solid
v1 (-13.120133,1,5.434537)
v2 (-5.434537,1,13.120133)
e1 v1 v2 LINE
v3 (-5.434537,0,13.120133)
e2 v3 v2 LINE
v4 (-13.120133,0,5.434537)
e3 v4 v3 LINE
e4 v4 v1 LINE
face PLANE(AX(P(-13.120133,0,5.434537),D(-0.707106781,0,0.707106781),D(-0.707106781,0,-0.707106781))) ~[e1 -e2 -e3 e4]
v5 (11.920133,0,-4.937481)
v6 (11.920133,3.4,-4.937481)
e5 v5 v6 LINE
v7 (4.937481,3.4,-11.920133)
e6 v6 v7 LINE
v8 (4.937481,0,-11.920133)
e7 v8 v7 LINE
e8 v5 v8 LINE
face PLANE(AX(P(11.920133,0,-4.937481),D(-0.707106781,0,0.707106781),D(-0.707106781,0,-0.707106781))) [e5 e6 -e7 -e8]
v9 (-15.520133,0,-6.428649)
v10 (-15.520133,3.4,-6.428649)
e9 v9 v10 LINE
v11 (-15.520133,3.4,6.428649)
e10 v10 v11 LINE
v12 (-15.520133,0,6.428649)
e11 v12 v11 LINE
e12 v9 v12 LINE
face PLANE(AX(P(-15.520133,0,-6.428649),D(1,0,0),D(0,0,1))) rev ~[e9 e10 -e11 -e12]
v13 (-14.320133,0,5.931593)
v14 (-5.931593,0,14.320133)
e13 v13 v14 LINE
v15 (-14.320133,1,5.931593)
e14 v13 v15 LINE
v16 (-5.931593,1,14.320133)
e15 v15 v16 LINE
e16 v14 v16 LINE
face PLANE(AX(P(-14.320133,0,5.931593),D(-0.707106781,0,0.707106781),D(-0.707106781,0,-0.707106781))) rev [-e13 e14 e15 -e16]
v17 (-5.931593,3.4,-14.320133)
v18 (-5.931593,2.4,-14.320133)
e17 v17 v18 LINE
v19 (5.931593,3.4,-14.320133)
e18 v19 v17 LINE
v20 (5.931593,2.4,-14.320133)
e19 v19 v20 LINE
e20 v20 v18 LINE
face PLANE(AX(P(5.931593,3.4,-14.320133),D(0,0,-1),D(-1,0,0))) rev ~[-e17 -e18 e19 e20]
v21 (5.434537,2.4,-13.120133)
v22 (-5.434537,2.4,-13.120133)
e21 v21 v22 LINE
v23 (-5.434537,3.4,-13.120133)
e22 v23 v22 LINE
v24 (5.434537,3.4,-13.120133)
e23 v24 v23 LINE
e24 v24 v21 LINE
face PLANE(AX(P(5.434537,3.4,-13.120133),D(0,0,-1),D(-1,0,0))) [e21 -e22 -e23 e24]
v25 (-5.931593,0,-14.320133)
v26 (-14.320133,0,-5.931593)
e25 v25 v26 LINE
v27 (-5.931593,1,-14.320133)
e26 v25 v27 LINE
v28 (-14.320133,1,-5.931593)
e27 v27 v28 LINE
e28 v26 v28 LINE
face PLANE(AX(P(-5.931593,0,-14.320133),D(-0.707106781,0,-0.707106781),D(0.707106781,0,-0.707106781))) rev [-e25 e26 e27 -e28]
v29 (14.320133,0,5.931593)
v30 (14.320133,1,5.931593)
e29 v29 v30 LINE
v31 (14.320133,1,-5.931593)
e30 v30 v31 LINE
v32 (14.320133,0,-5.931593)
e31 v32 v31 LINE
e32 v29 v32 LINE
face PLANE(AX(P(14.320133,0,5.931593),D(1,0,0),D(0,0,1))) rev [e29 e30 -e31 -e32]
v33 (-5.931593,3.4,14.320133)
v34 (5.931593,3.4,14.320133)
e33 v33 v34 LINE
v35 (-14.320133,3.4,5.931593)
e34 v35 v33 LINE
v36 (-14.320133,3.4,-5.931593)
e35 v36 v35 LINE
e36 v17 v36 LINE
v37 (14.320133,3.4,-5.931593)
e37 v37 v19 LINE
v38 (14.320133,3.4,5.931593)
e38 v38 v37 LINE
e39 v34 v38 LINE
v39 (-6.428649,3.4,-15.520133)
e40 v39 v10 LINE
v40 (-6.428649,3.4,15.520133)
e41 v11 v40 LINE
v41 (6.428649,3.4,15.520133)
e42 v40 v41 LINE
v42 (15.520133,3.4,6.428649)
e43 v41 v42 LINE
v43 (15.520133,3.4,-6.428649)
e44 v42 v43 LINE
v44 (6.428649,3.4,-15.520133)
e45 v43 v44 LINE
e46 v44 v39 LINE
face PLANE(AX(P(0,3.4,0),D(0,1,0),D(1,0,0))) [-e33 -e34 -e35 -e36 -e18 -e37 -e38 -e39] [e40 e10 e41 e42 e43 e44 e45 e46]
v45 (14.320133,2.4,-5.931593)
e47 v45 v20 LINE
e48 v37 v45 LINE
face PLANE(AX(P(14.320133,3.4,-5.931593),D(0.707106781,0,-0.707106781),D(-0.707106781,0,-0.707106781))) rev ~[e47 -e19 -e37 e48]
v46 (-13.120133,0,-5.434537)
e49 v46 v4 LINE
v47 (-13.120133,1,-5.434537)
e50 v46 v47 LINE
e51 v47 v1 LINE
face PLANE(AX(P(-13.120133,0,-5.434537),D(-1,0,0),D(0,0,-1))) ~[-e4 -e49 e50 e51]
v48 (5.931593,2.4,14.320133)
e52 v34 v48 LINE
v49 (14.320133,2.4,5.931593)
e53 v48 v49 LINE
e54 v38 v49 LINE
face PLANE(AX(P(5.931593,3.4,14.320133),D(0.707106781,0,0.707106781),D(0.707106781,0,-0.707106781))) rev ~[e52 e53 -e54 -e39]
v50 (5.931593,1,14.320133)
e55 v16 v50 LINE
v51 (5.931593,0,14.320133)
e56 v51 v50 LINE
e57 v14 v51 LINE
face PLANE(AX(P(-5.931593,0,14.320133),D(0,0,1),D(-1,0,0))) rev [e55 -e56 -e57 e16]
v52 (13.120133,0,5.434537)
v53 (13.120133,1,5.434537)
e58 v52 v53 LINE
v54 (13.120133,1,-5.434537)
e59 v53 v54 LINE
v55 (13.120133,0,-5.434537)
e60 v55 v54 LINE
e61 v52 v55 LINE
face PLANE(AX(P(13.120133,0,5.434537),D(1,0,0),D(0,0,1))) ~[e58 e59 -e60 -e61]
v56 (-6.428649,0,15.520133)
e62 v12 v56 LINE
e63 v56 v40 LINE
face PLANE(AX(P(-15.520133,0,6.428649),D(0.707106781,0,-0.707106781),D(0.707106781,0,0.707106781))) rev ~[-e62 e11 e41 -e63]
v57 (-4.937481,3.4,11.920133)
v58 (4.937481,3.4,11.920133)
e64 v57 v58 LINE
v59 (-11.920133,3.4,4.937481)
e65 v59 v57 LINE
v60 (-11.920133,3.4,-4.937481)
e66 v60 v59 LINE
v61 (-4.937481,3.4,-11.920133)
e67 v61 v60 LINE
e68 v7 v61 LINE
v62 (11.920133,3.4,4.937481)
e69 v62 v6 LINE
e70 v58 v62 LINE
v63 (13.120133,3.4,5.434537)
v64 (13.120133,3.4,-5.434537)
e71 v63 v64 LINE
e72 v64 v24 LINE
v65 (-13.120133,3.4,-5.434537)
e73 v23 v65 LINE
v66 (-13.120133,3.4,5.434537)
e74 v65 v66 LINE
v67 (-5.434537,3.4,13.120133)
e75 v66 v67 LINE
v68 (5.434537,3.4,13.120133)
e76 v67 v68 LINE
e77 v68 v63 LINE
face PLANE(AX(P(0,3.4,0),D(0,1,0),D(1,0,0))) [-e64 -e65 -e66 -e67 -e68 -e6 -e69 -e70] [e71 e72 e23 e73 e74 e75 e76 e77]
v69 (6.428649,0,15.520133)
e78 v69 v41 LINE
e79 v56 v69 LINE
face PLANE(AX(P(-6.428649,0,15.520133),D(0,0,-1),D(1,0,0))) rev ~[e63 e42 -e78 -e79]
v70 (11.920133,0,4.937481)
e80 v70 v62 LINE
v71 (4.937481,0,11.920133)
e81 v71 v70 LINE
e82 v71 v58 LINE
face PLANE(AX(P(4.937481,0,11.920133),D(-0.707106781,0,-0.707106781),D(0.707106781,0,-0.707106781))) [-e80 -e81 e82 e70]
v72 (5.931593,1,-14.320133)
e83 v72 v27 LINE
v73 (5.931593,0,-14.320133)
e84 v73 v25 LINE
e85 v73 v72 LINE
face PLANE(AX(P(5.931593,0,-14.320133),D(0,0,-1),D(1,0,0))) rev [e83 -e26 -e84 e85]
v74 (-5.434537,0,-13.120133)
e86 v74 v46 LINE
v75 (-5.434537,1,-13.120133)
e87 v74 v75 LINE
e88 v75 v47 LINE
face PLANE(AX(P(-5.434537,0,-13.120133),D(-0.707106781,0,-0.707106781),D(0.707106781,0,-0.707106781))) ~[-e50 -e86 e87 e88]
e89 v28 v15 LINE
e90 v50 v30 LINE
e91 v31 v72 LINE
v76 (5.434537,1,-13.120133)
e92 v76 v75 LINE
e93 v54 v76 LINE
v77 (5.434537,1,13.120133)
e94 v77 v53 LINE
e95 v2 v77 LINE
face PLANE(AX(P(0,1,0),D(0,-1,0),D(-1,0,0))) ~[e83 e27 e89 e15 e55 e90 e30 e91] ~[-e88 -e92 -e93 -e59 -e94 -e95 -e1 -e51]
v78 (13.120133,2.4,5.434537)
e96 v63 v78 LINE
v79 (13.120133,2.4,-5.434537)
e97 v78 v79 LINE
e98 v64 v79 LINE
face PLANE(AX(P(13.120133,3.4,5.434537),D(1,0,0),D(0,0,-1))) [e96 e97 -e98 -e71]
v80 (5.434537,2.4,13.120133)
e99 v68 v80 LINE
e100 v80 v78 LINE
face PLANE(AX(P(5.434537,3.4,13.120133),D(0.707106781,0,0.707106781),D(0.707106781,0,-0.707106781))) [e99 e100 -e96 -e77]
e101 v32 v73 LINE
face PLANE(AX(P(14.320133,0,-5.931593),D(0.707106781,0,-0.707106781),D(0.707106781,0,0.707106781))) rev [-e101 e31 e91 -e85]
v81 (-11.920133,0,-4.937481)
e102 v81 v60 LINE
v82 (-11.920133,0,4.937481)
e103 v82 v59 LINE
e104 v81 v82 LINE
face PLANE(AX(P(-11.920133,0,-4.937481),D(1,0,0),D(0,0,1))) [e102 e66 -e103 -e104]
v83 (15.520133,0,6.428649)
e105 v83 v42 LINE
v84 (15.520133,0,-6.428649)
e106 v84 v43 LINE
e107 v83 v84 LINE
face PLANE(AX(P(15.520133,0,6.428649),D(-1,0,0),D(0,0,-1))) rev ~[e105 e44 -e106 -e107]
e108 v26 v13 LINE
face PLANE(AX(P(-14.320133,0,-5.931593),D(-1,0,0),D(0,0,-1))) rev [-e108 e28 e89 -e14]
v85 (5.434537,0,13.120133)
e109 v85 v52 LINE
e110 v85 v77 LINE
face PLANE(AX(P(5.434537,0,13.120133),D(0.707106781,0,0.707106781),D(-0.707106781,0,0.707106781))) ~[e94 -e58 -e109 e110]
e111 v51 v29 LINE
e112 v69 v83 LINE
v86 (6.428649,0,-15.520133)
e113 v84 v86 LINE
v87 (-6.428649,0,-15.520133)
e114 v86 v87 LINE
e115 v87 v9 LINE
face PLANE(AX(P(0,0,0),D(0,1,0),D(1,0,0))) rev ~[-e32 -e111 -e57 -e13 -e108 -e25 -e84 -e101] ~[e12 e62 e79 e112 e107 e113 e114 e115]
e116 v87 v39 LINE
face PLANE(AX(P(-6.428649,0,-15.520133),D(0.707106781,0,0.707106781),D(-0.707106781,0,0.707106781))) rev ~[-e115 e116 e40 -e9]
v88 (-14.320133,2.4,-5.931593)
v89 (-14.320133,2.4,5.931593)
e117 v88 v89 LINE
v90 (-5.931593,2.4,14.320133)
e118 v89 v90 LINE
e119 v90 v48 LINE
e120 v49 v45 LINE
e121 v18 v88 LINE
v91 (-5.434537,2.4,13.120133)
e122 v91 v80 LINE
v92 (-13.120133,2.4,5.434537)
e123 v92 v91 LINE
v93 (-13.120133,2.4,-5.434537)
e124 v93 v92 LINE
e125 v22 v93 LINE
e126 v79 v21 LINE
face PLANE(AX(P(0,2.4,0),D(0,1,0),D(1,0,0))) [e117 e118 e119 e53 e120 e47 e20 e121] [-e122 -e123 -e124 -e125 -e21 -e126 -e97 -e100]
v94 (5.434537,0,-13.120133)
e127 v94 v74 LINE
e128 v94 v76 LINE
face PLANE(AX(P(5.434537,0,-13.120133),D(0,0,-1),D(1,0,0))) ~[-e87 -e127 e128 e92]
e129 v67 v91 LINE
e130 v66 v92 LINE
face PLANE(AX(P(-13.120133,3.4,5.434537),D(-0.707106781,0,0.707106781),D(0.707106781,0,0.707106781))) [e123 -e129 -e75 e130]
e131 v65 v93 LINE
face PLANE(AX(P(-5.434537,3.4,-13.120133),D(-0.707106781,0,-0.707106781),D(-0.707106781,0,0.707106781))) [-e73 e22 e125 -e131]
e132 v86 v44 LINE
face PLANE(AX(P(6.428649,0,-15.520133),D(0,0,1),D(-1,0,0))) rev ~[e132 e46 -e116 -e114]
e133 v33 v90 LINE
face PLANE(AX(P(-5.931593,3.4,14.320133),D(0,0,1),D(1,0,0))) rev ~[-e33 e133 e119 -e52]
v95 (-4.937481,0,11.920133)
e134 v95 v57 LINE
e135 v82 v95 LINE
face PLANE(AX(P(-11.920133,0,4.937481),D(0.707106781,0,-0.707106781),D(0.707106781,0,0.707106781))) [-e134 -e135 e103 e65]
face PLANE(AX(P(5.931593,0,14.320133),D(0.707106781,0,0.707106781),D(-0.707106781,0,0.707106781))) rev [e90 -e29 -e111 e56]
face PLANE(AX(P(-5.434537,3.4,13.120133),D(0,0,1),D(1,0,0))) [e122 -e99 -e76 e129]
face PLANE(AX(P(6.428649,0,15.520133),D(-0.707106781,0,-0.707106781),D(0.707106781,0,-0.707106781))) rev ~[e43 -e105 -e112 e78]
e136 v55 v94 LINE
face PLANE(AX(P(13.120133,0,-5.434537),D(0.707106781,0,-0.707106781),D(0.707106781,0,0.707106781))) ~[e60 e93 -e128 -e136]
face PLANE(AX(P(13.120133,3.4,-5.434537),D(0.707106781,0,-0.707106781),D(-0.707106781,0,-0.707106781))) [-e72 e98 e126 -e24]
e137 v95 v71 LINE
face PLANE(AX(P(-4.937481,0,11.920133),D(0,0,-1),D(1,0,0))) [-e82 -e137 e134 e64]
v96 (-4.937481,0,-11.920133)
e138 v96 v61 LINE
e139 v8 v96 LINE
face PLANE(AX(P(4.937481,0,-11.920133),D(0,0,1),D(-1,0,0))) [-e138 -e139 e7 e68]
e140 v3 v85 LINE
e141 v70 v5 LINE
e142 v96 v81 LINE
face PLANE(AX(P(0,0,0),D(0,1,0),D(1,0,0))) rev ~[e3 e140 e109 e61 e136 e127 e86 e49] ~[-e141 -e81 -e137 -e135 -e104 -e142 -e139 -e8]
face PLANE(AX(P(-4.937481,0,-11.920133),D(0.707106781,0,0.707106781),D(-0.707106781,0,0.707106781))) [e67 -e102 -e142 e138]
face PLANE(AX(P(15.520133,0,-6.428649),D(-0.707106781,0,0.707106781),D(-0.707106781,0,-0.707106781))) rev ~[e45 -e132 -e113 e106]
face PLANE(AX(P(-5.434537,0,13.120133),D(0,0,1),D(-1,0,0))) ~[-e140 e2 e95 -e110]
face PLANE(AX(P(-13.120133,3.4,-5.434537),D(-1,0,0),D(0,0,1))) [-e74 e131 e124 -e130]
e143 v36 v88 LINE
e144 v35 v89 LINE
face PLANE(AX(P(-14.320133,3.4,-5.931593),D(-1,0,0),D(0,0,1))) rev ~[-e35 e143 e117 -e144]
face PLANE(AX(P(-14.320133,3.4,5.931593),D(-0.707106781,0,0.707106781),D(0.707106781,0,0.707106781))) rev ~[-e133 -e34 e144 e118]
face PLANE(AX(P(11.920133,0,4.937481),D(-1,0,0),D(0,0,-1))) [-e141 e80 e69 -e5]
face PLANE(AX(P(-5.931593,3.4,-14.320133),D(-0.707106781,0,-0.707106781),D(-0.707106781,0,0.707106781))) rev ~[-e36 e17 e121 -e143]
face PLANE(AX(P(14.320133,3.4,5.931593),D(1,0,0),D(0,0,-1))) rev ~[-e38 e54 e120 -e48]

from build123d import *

# Parameters (mm, degrees)
EXTRUDE_1_DEPTH     = 3.4
CUT_EXTRUDE_1_DEPTH = 1


with BuildPart() as part:
    # 스케치1 → 보스-돌출1 (new body)
    with BuildSketch(Plane(origin=(0, 0, 0), x_dir=(1, 0, 0), z_dir=(0, 1, 0))):
        Polygon((-15.520132754, -6.428649477), (-6.428649477, -15.520132754), (6.428649477, -15.520132754), (15.520132754, -6.428649477), (15.520132754, 6.428649477), (6.428649477, 15.520132754), (-6.428649477, 15.520132754), (-15.520132754, 6.428649477), align=None)
        Polygon((-5.931593202, -14.320132754), (5.931593202, -14.320132754), (14.320132754, -5.931593202), (14.320132754, 5.931593202), (5.931593202, 14.320132754), (-5.931593202, 14.320132754), (-14.320132754, 5.931593202), (-14.320132754, -5.931593202), align=None, mode=Mode.SUBTRACT)
        Polygon((-14.320132754, -5.931593202), (-5.931593202, -14.320132754), (5.931593202, -14.320132754), (14.320132754, -5.931593202), (14.320132754, 5.931593202), (5.931593202, 14.320132754), (-5.931593202, 14.320132754), (-14.320132754, 5.931593202), align=None)
        Polygon((-5.434536927, -13.120132754), (5.434536927, -13.120132754), (13.120132754, -5.434536927), (13.120132754, 5.434536927), (5.434536927, 13.120132754), (-5.434536927, 13.120132754), (-13.120132754, 5.434536927), (-13.120132754, -5.434536927), align=None, mode=Mode.SUBTRACT)
        Polygon((-13.120132754, -5.434536927), (-5.434536927, -13.120132754), (5.434536927, -13.120132754), (13.120132754, -5.434536927), (13.120132754, 5.434536927), (5.434536927, 13.120132754), (-5.434536927, 13.120132754), (-13.120132754, 5.434536927), align=None)
        Polygon((-4.937480652, -11.920132754), (4.937480652, -11.920132754), (11.920132754, -4.937480652), (11.920132754, 4.937480652), (4.937480652, 11.920132754), (-4.937480652, 11.920132754), (-11.920132754, 4.937480652), (-11.920132754, -4.937480652), align=None, mode=Mode.SUBTRACT)
    extrude(amount=EXTRUDE_1_DEPTH)

    # 스케치3 → 컷-돌출1 (cut)
    with BuildSketch(Plane(origin=(0, 3.4, 0), x_dir=(1, 0, 0), z_dir=(0, 1, 0))):
        Polygon((-14.320132754, -5.931593202), (-5.931593202, -14.320132754), (5.931593202, -14.320132754), (14.320132754, -5.931593202), (14.320132754, 5.931593202), (5.931593202, 14.320132754), (-5.931593202, 14.320132754), (-14.320132754, 5.931593202), align=None)
        Polygon((-13.120132754, -5.434536927), (-5.434536927, -13.120132754), (5.434536927, -13.120132754), (13.120132754, -5.434536927), (13.120132754, 5.434536927), (5.434536927, 13.120132754), (-5.434536927, 13.120132754), (-13.120132754, 5.434536927), align=None, mode=Mode.SUBTRACT)
    cut_extrude_1 = extrude(amount=-CUT_EXTRUDE_1_DEPTH, mode=Mode.SUBTRACT)

    # 대칭 복사1: 컷-돌출1 across plane
    add(cut_extrude_1.mirror(Plane.ZX.offset(1.7)), mode=Mode.SUBTRACT)


solid = part.part
